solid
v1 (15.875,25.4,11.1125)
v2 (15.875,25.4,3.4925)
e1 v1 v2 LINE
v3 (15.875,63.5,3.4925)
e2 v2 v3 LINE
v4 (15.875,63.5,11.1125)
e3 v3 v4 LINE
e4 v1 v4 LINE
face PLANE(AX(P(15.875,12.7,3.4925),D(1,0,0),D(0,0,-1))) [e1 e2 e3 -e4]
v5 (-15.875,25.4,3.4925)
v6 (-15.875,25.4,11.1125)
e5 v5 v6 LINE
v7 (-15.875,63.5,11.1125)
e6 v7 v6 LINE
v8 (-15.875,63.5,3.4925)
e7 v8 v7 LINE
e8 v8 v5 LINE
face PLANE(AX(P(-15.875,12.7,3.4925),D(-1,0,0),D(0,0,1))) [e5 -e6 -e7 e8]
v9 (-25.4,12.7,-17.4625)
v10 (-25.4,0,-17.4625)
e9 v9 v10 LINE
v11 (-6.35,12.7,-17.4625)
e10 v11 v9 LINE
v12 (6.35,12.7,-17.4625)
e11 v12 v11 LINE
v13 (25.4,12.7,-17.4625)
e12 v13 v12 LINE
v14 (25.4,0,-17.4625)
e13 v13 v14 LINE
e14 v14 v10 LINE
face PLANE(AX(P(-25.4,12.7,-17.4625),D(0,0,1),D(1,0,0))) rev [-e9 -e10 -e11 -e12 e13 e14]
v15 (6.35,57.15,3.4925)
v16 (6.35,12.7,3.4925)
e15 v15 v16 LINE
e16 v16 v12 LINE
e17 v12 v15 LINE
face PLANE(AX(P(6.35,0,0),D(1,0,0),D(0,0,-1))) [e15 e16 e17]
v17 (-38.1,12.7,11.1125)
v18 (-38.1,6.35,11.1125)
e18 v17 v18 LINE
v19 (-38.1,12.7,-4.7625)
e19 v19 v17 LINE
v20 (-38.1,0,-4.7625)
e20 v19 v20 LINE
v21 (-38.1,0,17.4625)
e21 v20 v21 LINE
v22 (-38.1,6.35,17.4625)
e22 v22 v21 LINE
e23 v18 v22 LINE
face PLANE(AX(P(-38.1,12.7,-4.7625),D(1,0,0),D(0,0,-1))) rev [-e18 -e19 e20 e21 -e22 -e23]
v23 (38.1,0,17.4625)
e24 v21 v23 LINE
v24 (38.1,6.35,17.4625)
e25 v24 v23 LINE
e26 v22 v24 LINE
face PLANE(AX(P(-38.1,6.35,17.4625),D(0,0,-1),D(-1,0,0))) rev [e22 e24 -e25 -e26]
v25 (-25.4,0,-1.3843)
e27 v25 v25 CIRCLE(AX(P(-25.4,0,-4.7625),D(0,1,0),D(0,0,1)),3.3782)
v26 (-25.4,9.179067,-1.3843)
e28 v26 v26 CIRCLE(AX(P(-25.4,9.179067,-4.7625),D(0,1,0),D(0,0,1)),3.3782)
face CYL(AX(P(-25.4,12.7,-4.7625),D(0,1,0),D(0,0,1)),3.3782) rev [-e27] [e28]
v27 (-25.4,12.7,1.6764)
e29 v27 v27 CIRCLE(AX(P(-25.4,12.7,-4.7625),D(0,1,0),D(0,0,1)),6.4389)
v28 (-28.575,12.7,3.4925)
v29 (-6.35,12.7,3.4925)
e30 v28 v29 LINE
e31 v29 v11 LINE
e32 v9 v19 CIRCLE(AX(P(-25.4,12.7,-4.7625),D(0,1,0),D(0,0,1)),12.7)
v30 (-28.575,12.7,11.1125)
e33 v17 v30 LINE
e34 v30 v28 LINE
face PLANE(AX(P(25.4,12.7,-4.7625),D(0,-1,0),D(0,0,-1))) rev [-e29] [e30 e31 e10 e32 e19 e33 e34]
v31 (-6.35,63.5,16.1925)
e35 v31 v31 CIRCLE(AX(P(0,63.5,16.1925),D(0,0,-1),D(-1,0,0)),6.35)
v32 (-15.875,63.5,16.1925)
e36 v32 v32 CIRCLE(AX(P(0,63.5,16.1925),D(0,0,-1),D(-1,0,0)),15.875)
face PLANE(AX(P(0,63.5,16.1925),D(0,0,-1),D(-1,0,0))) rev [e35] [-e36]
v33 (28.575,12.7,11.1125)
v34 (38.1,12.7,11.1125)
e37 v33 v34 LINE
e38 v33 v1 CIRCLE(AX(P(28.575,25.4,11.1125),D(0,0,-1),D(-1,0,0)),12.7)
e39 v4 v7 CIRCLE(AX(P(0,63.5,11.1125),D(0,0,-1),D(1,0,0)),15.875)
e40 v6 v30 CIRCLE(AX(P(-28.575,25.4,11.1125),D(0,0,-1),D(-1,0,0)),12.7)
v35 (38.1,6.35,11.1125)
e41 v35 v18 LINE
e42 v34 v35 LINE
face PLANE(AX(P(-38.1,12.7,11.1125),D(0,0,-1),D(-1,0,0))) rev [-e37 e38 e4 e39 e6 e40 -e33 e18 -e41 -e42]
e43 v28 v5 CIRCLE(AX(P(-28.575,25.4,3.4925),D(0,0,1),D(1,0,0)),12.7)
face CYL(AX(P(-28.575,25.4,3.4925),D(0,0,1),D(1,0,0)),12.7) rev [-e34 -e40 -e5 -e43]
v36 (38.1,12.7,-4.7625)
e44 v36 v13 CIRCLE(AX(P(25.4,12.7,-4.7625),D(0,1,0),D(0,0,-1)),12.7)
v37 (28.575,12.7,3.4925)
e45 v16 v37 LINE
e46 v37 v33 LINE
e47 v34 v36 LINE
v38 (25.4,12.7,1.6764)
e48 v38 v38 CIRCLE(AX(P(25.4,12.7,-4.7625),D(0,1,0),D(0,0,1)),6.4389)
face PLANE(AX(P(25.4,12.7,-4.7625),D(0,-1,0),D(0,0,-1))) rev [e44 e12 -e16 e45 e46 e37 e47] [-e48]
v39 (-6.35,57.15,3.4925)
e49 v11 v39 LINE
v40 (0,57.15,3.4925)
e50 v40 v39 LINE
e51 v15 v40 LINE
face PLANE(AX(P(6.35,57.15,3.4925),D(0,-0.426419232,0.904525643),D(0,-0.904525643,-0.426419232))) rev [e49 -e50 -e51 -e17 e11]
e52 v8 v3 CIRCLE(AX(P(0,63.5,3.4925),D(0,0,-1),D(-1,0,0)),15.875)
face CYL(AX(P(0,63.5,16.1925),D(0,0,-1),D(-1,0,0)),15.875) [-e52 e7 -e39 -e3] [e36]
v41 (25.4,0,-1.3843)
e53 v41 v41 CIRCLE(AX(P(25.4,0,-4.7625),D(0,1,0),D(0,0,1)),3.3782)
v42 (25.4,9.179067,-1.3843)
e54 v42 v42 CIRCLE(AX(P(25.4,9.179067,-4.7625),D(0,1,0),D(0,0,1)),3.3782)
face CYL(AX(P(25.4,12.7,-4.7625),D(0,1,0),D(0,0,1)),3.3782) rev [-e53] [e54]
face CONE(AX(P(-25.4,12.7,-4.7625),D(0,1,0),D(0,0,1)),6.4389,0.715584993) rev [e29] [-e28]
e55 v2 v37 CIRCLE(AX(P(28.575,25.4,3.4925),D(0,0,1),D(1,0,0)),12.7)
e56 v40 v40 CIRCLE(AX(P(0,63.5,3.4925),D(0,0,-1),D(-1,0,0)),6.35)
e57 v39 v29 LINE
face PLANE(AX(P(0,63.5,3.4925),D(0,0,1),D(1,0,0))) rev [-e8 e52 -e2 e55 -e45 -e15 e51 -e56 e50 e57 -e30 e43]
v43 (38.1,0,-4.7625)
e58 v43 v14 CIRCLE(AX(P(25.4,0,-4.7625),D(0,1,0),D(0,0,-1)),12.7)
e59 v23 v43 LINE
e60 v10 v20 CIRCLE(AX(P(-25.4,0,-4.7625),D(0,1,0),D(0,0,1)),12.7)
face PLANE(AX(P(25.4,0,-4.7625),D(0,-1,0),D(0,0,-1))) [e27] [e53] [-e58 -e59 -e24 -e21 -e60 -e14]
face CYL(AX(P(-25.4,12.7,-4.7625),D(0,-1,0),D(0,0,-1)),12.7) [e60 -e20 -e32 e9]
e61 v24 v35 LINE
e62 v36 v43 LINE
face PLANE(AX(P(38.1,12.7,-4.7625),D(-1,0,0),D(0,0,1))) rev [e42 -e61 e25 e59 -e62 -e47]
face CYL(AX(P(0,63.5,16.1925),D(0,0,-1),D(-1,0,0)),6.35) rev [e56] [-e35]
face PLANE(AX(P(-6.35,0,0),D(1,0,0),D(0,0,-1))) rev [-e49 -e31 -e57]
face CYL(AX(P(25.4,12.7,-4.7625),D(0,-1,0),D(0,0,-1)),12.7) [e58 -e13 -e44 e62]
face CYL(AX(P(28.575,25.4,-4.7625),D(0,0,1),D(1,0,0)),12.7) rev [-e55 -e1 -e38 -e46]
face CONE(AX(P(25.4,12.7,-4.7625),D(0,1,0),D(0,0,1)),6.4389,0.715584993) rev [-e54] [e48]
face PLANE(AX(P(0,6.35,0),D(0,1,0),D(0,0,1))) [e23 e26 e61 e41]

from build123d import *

# Parameters (mm, degrees)
BOSS_EXTRUDE4_DEPTH                              = 12.7
SKETCH10_W                                       = 76.2
SKETCH10_H                                       = 6.35
BOSS_EXTRUDE5_DEPTH                              = 6.35
CSK_FOR_1_4_FLAT_HEAD_MACHINE_SCREW1_D           = 6.7564
CSK_FOR_1_4_FLAT_HEAD_MACHINE_SCREW1_CSINK_D     = 12.8778
CSK_FOR_1_4_FLAT_HEAD_MACHINE_SCREW1_CSINK_ANGLE = 82
BOSS_EXTRUDE6_DEPTH                              = 7.62
FILLET1_R                                        = 12.7
SKETCH20_R                                       = 15.875
SKETCH20_R_2                                     = 6.35
BOSS_EXTRUDE7_DEPTH                              = 12.7
BOSS_EXTRUDE8_DEPTH                              = 6.35


with BuildPart() as part:
    # Sketch1 → Boss-Extrude4 (new body)
    with BuildSketch(Plane(origin=(0, 0, 0), x_dir=(1, 0, 0), z_dir=(0, 1, 0))):
        with BuildLine():
            Line((-25.4, 17.4625), (25.4, 17.4625))
            ThreePointArc((25.4, 17.4625), (34.380256121, 13.742756121), (38.1, 4.7625))
            Line((38.1, 4.7625), (38.1, -11.1125))
            Line((38.1, -11.1125), (-38.1, -11.1125))
            Line((-38.1, -11.1125), (-38.1, 4.7625))
            ThreePointArc((-38.1, 4.7625), (-34.380256121, 13.742756121), (-25.4, 17.4625))
        make_face()
    extrude(amount=BOSS_EXTRUDE4_DEPTH)

    # Sketch10 → Boss-Extrude5 (add)
    with BuildSketch(Plane(origin=(0, 0, 0), x_dir=(1, 0, 0), z_dir=(0, 1, 0))):
        with Locations((0, -14.2875)):
            Rectangle(SKETCH10_W, SKETCH10_H)
    extrude(amount=BOSS_EXTRUDE5_DEPTH)

    # CSK for 1/4 Flat Head Machine Screw1 (through all)
    with Locations(Plane(origin=(0, 12.7, 0), x_dir=(1, 0, 0), z_dir=(0, 1, 0))):
        with Locations((-25.4, 4.7625), (25.4, 4.7625)):
            CounterSinkHole(CSK_FOR_1_4_FLAT_HEAD_MACHINE_SCREW1_D / 2, CSK_FOR_1_4_FLAT_HEAD_MACHINE_SCREW1_CSINK_D / 2, counter_sink_angle=CSK_FOR_1_4_FLAT_HEAD_MACHINE_SCREW1_CSINK_ANGLE)

    # Sketch19 → Boss-Extrude6 (add)
    with BuildSketch(Plane.XY.offset(11.1125)):
        with BuildLine():
            Line((-15.875, 12.7), (15.875, 12.7))
            Line((15.875, 12.7), (15.875, 63.5))
            ThreePointArc((15.875, 63.5), (0, 47.625), (-15.875, 63.5))
            Line((-15.875, 63.5), (-15.875, 12.7))
        make_face()
    extrude(amount=-BOSS_EXTRUDE6_DEPTH)

    # Fillet1
    fillet1_edges = [part.edges().sort_by_distance(p)[0] for p in [
        (-15.875, 12.7, 7.3025),
        (15.875, 12.7, 7.3025),
    ]]
    fillet(fillet1_edges, radius=FILLET1_R)

    # Sketch20 → Boss-Extrude7 (add)
    with BuildSketch(Plane(origin=(0, 0, 3.4925), x_dir=(-1, 0, 0), z_dir=(0, 0, -1))):
        with Locations((0, 63.5)):
            Circle(SKETCH20_R)
        with Locations((0, 63.5)):
            Circle(SKETCH20_R_2, mode=Mode.SUBTRACT)
    extrude(amount=-BOSS_EXTRUDE7_DEPTH)

    # Sketch21 → Boss-Extrude8 (add, symmetric)
    with BuildSketch(Plane(origin=(0, 0, 0), x_dir=(0, 0, -1), z_dir=(1, 0, 0))):
        Polygon((-3.4925, 57.15), (17.4625, 12.7), (-3.4925, 12.7), align=None)
    extrude(amount=BOSS_EXTRUDE8_DEPTH, both=True)


solid = part.part
